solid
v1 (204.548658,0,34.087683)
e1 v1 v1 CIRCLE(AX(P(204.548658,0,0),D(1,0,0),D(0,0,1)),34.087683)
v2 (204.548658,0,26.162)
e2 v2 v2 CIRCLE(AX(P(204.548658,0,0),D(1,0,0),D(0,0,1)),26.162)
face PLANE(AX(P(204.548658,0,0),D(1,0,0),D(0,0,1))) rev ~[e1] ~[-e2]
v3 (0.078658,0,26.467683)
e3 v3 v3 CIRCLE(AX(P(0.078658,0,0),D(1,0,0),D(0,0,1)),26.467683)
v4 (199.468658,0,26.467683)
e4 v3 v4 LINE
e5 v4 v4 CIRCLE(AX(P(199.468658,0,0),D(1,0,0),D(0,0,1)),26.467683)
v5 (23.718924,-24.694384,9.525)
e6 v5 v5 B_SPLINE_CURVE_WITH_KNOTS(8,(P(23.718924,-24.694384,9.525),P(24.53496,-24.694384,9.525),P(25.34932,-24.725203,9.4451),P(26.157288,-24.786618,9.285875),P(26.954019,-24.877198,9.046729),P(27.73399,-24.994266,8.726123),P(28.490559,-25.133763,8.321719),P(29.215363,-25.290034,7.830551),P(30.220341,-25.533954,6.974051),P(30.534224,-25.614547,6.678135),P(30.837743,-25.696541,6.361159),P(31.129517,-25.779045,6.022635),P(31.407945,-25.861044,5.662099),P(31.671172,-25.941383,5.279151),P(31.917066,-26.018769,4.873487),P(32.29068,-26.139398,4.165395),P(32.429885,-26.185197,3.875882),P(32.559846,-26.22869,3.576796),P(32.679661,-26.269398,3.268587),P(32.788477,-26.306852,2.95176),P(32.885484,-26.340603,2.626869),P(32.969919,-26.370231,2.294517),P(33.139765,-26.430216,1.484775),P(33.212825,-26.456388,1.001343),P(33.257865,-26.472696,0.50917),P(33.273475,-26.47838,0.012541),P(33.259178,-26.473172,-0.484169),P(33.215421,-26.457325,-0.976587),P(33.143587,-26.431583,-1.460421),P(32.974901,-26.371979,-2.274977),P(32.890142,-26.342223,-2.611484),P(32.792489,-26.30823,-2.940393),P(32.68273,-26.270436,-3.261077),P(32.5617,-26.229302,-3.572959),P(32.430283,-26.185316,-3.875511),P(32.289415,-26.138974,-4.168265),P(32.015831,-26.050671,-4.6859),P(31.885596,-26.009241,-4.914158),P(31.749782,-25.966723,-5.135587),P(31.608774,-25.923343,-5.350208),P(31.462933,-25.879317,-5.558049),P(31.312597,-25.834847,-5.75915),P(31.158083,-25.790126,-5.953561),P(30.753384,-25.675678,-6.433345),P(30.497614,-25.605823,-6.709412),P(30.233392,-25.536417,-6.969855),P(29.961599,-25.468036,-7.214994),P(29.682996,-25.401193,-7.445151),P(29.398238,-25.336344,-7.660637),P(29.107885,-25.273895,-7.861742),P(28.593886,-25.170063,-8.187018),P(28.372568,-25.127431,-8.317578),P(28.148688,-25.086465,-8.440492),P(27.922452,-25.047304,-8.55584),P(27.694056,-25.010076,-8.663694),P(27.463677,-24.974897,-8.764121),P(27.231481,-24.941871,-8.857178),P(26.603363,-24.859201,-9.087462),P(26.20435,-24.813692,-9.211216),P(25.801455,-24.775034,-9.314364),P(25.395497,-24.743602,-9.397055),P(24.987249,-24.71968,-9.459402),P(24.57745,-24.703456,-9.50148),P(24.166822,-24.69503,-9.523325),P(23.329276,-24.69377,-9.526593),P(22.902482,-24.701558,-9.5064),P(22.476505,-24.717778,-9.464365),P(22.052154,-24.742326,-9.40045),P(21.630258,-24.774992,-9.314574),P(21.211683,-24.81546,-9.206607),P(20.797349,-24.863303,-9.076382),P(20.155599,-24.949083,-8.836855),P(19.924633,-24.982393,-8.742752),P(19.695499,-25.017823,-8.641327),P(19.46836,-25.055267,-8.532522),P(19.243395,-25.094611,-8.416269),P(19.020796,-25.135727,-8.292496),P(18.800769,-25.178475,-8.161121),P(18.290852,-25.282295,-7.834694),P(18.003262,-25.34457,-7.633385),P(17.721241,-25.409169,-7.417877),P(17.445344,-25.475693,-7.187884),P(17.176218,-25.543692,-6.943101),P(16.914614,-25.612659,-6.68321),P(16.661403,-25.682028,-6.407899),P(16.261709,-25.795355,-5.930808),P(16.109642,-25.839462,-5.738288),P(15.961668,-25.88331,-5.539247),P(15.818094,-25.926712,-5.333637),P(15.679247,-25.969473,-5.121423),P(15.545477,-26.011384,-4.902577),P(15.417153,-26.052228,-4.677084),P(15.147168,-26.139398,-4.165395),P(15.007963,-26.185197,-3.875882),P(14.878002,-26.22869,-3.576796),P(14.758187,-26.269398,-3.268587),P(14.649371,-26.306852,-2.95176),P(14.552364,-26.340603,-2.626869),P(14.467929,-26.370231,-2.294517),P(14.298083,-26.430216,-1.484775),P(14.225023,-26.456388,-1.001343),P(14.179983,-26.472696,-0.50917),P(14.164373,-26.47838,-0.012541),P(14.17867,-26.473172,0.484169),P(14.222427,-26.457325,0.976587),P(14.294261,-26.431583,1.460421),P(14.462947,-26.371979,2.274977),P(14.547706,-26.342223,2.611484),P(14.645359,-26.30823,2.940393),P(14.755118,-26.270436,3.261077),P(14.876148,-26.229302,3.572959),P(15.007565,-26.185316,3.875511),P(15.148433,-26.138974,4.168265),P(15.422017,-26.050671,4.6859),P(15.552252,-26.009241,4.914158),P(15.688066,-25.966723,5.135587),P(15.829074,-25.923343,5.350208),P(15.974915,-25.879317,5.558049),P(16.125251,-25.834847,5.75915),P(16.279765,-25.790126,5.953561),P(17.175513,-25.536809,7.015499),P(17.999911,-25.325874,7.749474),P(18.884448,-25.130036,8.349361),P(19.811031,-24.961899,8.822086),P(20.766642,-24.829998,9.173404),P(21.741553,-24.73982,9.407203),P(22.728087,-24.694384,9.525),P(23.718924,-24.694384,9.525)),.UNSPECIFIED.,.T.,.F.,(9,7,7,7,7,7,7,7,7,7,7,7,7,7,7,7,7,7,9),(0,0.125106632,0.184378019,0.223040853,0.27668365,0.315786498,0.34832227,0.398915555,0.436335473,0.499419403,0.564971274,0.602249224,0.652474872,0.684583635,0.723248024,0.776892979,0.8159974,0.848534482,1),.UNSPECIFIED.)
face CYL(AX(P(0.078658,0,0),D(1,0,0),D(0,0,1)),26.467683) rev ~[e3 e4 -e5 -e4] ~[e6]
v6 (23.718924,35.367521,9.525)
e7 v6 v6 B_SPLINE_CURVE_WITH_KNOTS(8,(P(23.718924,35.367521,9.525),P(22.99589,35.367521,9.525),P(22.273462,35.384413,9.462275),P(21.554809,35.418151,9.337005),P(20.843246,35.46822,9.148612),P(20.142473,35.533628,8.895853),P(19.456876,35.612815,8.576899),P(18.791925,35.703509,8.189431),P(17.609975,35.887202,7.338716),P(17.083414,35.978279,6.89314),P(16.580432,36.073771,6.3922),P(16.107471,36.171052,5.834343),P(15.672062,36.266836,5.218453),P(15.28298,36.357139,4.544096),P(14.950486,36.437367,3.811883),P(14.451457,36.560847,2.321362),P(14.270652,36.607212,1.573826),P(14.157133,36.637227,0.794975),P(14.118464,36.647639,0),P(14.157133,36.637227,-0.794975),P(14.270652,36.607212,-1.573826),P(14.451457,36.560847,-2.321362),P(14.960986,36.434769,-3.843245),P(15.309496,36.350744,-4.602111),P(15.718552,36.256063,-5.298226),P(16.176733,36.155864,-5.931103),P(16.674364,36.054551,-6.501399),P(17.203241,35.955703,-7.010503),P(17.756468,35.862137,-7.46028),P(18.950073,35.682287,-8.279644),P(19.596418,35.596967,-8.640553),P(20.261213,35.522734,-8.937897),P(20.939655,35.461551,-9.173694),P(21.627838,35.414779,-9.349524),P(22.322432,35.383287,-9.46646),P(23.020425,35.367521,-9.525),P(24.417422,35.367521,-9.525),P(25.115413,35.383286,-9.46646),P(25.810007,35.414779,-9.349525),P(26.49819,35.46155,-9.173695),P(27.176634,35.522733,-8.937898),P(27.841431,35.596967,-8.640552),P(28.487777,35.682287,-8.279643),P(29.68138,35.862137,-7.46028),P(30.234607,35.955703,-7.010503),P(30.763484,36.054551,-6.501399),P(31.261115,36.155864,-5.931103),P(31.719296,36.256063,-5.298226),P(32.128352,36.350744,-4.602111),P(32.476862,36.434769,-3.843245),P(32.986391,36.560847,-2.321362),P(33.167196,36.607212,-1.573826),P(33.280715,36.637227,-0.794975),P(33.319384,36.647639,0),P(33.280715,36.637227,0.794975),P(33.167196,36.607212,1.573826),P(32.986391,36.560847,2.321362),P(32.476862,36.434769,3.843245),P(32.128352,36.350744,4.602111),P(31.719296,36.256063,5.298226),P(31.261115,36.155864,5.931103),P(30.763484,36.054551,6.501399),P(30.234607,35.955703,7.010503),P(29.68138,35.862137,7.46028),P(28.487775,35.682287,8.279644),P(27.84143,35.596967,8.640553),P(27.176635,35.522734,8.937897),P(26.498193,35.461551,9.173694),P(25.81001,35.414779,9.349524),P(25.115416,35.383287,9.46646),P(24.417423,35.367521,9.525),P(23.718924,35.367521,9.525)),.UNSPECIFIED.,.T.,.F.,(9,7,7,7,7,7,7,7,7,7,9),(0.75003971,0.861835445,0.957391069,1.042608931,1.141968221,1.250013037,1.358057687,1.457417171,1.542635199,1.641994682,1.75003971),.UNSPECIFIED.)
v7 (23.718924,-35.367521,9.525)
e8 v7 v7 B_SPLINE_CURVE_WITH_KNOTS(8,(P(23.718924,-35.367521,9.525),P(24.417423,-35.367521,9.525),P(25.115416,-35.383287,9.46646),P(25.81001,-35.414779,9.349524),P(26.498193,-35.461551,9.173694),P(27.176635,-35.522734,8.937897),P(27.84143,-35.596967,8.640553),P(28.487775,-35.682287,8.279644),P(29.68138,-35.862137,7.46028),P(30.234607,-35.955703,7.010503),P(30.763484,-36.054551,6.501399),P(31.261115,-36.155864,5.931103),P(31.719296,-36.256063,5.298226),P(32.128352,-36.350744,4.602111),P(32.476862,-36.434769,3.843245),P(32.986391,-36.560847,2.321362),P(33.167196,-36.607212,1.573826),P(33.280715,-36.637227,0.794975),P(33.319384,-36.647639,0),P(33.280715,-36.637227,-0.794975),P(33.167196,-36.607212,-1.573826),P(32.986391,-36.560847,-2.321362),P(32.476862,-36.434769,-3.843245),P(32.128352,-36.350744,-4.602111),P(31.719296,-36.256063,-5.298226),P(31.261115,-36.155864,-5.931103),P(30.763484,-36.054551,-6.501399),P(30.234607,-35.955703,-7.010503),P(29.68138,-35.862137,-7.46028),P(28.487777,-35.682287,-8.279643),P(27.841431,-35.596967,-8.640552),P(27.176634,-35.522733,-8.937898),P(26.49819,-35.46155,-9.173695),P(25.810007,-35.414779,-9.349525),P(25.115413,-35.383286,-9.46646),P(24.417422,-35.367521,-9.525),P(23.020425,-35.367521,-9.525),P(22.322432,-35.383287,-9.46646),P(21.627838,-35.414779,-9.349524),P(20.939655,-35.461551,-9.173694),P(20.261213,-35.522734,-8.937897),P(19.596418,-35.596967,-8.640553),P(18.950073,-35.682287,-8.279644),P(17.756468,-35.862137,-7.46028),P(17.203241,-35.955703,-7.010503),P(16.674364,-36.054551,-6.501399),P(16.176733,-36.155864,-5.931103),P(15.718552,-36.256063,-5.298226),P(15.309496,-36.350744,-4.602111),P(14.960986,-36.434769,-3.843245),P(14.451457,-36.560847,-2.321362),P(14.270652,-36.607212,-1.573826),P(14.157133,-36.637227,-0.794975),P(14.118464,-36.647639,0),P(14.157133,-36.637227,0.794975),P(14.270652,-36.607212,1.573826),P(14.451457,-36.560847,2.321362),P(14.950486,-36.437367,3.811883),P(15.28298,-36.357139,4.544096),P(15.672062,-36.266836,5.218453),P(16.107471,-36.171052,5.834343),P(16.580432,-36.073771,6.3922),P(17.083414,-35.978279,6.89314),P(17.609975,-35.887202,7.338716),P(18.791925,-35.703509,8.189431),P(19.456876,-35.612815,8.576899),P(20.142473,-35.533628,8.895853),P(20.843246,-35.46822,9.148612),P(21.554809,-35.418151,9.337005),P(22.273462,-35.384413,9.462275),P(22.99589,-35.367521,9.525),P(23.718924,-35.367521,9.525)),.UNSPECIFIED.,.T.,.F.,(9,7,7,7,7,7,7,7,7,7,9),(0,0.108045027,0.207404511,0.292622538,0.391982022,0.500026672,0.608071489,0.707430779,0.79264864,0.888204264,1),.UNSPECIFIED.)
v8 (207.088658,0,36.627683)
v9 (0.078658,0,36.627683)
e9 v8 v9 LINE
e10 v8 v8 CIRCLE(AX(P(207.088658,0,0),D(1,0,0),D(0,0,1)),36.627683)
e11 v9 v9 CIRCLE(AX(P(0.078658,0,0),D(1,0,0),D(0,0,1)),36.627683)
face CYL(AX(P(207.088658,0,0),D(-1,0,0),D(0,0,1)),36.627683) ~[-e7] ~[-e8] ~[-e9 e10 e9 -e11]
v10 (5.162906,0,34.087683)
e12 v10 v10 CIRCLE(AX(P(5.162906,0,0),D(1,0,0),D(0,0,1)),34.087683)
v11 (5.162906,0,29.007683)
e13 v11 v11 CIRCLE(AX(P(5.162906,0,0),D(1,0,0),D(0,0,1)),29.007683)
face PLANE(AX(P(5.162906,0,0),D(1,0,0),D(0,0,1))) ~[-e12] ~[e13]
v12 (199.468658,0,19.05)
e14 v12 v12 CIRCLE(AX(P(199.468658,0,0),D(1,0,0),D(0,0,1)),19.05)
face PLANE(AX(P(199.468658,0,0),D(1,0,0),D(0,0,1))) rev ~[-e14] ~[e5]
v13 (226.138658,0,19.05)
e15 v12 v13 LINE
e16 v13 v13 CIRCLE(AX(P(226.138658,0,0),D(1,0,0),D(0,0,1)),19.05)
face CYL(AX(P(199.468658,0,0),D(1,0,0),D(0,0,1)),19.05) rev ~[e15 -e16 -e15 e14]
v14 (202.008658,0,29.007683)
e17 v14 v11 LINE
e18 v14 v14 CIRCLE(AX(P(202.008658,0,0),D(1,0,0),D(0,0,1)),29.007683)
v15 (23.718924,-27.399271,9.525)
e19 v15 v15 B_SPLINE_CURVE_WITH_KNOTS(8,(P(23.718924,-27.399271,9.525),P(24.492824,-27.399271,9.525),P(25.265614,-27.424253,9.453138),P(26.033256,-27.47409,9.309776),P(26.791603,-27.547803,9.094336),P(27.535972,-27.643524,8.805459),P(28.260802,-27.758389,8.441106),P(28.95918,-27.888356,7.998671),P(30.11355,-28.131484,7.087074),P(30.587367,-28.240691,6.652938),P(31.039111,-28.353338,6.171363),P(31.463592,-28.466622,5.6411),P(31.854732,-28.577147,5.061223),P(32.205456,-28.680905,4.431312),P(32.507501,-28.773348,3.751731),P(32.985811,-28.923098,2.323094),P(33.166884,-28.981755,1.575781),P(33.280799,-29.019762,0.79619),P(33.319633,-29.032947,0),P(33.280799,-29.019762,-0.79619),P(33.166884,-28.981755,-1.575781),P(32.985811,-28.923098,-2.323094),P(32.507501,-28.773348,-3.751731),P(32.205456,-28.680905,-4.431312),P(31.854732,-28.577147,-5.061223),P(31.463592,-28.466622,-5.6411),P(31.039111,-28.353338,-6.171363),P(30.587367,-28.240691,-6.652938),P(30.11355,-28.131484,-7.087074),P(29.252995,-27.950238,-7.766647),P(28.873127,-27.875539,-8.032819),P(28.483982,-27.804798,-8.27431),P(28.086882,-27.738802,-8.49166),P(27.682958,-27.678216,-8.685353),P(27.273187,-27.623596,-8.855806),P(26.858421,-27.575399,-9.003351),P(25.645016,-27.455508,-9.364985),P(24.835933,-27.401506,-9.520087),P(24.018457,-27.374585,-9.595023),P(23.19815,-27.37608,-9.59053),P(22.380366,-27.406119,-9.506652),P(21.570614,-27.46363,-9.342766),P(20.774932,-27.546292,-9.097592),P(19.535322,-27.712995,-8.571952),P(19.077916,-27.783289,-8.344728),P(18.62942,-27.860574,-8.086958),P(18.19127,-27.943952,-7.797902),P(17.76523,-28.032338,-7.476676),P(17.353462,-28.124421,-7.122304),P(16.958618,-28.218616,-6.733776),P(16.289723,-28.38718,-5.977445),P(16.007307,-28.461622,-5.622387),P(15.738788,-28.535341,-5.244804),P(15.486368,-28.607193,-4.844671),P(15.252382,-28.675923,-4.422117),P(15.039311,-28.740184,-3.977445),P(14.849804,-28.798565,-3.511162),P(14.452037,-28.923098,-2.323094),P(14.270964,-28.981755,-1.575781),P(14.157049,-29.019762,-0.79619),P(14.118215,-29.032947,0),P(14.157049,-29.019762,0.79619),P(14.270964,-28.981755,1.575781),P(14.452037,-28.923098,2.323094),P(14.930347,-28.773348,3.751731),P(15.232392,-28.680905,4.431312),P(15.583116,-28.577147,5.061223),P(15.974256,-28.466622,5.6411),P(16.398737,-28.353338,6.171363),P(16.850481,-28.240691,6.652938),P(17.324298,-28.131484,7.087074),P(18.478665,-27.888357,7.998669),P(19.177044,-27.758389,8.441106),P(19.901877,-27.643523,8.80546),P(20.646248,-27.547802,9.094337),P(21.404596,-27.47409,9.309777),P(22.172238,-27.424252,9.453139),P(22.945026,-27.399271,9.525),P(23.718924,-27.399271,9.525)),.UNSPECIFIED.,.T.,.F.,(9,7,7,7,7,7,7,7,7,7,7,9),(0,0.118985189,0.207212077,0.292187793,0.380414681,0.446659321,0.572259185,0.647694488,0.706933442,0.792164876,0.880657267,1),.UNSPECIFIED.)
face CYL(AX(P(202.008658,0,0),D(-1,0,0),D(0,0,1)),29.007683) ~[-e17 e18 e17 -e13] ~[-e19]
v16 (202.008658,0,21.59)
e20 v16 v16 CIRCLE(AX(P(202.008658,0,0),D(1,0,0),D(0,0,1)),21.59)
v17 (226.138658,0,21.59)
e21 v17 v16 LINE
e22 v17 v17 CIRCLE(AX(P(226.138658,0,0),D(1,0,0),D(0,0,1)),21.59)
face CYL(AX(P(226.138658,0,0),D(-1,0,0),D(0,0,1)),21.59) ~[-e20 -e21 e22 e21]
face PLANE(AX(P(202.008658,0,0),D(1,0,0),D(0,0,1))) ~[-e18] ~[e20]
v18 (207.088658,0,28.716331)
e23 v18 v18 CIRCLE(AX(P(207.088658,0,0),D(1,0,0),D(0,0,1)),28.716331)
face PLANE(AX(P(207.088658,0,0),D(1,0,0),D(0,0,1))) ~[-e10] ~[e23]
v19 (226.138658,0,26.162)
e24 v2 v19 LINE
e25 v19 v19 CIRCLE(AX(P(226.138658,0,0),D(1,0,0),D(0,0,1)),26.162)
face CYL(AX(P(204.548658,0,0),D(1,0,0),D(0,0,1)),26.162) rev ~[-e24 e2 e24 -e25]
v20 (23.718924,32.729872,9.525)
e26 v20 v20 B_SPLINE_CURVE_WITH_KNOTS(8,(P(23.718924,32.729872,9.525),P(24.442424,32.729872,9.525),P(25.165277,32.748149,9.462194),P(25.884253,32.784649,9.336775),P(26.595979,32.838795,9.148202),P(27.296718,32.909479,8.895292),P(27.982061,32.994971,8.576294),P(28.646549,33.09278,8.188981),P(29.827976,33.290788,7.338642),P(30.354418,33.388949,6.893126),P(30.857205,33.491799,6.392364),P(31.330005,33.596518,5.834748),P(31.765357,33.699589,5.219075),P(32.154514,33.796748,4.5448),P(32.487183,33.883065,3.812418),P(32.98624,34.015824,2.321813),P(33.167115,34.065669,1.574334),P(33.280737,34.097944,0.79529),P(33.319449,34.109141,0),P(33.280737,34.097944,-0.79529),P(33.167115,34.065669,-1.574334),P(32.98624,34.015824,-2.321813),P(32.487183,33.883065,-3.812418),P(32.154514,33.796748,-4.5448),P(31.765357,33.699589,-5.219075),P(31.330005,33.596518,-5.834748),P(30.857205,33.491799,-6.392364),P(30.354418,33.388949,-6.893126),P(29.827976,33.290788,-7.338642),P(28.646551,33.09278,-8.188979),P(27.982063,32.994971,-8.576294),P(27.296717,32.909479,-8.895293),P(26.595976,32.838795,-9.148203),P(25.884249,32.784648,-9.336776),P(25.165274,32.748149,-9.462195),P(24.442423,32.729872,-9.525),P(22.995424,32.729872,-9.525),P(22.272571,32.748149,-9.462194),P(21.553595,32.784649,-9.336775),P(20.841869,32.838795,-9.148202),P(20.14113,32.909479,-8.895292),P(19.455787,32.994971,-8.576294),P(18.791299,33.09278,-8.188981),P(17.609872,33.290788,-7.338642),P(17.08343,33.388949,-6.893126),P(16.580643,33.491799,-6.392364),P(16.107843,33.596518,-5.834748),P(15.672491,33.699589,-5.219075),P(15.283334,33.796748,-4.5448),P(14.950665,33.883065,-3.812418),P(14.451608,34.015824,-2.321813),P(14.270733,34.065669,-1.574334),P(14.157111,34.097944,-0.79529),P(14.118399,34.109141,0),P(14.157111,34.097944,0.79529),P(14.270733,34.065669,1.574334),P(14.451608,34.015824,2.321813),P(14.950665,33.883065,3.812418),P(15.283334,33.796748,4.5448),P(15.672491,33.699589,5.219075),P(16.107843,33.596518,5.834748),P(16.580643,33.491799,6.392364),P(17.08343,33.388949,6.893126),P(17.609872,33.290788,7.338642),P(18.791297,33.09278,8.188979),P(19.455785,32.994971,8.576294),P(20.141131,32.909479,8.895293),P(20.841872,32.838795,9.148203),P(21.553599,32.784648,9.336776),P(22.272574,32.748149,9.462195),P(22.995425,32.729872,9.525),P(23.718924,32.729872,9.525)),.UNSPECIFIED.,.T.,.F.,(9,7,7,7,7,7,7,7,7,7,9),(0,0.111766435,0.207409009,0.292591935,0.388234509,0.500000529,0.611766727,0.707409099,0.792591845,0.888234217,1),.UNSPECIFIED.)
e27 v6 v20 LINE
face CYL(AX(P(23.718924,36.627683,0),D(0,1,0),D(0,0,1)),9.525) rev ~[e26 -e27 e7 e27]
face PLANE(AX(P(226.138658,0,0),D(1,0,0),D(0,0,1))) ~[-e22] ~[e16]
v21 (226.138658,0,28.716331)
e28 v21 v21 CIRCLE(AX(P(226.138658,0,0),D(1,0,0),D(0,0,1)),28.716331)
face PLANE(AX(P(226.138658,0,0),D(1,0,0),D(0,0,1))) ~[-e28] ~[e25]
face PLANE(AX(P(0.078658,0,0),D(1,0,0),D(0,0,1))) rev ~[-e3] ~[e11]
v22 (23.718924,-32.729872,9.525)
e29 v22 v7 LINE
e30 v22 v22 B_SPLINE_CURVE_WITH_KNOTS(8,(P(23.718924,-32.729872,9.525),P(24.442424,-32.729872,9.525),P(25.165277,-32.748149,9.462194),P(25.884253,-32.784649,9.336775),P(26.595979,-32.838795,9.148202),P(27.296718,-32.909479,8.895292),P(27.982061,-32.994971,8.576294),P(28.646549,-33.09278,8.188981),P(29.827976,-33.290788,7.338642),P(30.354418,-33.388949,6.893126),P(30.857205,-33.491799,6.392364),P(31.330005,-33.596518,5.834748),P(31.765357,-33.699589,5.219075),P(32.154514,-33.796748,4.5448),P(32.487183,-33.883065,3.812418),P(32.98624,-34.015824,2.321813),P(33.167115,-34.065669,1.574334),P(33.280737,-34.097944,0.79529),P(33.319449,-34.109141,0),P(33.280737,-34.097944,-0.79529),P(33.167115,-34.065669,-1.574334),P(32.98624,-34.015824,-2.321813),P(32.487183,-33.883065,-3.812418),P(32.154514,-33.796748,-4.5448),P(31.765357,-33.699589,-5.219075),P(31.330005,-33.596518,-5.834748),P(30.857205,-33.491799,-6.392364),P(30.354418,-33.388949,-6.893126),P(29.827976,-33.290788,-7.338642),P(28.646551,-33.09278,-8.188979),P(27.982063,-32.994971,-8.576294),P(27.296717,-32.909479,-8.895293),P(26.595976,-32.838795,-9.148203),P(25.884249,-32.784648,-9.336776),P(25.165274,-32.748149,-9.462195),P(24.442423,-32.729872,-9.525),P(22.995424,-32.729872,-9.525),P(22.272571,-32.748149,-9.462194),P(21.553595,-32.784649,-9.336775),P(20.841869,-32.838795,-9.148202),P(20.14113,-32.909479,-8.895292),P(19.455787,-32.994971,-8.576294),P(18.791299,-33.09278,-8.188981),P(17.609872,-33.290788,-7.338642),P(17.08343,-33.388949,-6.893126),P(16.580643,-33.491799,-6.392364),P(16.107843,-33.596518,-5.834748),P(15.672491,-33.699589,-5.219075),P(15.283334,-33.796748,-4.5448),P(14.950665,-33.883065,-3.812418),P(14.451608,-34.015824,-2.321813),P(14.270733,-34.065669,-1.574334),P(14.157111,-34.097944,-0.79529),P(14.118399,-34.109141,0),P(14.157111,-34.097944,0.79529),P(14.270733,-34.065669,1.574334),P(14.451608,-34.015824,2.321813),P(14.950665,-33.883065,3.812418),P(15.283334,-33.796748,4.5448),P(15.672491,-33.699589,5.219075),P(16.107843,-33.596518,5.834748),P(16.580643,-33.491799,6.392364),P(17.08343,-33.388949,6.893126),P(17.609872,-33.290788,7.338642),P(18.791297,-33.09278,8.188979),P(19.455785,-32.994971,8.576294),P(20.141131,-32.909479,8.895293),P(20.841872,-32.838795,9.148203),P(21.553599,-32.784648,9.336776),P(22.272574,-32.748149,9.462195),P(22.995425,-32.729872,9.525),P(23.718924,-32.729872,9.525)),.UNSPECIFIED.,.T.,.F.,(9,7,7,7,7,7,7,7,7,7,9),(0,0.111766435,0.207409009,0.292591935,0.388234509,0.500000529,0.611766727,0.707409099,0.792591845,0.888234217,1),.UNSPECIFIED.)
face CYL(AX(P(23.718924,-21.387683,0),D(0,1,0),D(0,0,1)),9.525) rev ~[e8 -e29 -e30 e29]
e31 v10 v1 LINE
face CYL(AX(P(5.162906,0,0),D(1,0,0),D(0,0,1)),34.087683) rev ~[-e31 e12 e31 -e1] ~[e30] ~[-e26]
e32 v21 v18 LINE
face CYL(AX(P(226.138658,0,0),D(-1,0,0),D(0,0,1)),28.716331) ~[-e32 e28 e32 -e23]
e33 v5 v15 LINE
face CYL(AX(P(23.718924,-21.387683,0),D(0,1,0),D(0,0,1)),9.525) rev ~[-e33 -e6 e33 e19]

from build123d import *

# Parameters (mm, degrees)
SKETCH9_R           = 9.525
CUT_EXTRUDE9_DEPTH  = 5.842
CUT_EXTRUDE10_START = 15.24
SKETCH10_R          = 9.525
CUT_EXTRUDE10_DEPTH = 15.24


with BuildPart() as part:
    # Sketch2 → Revolve2 (revolve)
    with BuildSketch(Plane.XY, mode=Mode.PRIVATE) as revolve2_sk:
        Polygon((0.078657589, 36.627682817), (0.078657589, 26.467682817), (19.690604477, 26.467682817), (19.690604477, 29.007682817), (5.162905757, 29.007682817), (5.162905757, 34.087682817), (19.690604477, 34.087682817), (19.690604477, 36.627682817), align=None)
        Polygon((207.088657589, 36.627682817), (19.690604477, 36.627682817), (19.690604477, 34.087682817), (204.548657589, 34.087682817), (204.548657589, 26.162), (226.138657589, 26.162), (226.138657589, 28.71633139), (207.088657589, 28.71633139), align=None)
        Polygon((19.690604477, 29.007682817), (19.690604477, 26.467682817), (199.468657589, 26.467682817), (199.468657589, 19.05), (226.138657589, 19.05), (226.138657589, 21.59), (202.008657589, 21.59), (202.008657589, 29.007682817), (127, 29.007682817), align=None)
    revolve(revolve2_sk.sketch.rotate(Axis((0, 0, 0), (1, 0, 0)), 90), axis=Axis((0, 0, 0), (1, 0, 0)))

    # Sketch9 → Cut-Extrude9 (cut)
    with BuildSketch(Plane(origin=(0, 36.627682817, 0), x_dir=(1, 0, 0), z_dir=(0, 1, 0))):
        with Locations(Location((23.718923994, 0, 0), (0, 0, 270))):
            Circle(SKETCH9_R)
    extrude(amount=-CUT_EXTRUDE9_DEPTH, mode=Mode.SUBTRACT)

    # Sketch10 → Cut-Extrude10 (cut)
    with BuildSketch(Plane(origin=(0, -36.627682817, 0), x_dir=(1, 0, 0), z_dir=(0, 1, 0)).offset(CUT_EXTRUDE10_START)):
        with Locations(Location((23.718923994, 0, 0), (0, 0, 270))):
            Circle(SKETCH10_R)
    extrude(amount=-CUT_EXTRUDE10_DEPTH, mode=Mode.SUBTRACT)


solid = part.part
